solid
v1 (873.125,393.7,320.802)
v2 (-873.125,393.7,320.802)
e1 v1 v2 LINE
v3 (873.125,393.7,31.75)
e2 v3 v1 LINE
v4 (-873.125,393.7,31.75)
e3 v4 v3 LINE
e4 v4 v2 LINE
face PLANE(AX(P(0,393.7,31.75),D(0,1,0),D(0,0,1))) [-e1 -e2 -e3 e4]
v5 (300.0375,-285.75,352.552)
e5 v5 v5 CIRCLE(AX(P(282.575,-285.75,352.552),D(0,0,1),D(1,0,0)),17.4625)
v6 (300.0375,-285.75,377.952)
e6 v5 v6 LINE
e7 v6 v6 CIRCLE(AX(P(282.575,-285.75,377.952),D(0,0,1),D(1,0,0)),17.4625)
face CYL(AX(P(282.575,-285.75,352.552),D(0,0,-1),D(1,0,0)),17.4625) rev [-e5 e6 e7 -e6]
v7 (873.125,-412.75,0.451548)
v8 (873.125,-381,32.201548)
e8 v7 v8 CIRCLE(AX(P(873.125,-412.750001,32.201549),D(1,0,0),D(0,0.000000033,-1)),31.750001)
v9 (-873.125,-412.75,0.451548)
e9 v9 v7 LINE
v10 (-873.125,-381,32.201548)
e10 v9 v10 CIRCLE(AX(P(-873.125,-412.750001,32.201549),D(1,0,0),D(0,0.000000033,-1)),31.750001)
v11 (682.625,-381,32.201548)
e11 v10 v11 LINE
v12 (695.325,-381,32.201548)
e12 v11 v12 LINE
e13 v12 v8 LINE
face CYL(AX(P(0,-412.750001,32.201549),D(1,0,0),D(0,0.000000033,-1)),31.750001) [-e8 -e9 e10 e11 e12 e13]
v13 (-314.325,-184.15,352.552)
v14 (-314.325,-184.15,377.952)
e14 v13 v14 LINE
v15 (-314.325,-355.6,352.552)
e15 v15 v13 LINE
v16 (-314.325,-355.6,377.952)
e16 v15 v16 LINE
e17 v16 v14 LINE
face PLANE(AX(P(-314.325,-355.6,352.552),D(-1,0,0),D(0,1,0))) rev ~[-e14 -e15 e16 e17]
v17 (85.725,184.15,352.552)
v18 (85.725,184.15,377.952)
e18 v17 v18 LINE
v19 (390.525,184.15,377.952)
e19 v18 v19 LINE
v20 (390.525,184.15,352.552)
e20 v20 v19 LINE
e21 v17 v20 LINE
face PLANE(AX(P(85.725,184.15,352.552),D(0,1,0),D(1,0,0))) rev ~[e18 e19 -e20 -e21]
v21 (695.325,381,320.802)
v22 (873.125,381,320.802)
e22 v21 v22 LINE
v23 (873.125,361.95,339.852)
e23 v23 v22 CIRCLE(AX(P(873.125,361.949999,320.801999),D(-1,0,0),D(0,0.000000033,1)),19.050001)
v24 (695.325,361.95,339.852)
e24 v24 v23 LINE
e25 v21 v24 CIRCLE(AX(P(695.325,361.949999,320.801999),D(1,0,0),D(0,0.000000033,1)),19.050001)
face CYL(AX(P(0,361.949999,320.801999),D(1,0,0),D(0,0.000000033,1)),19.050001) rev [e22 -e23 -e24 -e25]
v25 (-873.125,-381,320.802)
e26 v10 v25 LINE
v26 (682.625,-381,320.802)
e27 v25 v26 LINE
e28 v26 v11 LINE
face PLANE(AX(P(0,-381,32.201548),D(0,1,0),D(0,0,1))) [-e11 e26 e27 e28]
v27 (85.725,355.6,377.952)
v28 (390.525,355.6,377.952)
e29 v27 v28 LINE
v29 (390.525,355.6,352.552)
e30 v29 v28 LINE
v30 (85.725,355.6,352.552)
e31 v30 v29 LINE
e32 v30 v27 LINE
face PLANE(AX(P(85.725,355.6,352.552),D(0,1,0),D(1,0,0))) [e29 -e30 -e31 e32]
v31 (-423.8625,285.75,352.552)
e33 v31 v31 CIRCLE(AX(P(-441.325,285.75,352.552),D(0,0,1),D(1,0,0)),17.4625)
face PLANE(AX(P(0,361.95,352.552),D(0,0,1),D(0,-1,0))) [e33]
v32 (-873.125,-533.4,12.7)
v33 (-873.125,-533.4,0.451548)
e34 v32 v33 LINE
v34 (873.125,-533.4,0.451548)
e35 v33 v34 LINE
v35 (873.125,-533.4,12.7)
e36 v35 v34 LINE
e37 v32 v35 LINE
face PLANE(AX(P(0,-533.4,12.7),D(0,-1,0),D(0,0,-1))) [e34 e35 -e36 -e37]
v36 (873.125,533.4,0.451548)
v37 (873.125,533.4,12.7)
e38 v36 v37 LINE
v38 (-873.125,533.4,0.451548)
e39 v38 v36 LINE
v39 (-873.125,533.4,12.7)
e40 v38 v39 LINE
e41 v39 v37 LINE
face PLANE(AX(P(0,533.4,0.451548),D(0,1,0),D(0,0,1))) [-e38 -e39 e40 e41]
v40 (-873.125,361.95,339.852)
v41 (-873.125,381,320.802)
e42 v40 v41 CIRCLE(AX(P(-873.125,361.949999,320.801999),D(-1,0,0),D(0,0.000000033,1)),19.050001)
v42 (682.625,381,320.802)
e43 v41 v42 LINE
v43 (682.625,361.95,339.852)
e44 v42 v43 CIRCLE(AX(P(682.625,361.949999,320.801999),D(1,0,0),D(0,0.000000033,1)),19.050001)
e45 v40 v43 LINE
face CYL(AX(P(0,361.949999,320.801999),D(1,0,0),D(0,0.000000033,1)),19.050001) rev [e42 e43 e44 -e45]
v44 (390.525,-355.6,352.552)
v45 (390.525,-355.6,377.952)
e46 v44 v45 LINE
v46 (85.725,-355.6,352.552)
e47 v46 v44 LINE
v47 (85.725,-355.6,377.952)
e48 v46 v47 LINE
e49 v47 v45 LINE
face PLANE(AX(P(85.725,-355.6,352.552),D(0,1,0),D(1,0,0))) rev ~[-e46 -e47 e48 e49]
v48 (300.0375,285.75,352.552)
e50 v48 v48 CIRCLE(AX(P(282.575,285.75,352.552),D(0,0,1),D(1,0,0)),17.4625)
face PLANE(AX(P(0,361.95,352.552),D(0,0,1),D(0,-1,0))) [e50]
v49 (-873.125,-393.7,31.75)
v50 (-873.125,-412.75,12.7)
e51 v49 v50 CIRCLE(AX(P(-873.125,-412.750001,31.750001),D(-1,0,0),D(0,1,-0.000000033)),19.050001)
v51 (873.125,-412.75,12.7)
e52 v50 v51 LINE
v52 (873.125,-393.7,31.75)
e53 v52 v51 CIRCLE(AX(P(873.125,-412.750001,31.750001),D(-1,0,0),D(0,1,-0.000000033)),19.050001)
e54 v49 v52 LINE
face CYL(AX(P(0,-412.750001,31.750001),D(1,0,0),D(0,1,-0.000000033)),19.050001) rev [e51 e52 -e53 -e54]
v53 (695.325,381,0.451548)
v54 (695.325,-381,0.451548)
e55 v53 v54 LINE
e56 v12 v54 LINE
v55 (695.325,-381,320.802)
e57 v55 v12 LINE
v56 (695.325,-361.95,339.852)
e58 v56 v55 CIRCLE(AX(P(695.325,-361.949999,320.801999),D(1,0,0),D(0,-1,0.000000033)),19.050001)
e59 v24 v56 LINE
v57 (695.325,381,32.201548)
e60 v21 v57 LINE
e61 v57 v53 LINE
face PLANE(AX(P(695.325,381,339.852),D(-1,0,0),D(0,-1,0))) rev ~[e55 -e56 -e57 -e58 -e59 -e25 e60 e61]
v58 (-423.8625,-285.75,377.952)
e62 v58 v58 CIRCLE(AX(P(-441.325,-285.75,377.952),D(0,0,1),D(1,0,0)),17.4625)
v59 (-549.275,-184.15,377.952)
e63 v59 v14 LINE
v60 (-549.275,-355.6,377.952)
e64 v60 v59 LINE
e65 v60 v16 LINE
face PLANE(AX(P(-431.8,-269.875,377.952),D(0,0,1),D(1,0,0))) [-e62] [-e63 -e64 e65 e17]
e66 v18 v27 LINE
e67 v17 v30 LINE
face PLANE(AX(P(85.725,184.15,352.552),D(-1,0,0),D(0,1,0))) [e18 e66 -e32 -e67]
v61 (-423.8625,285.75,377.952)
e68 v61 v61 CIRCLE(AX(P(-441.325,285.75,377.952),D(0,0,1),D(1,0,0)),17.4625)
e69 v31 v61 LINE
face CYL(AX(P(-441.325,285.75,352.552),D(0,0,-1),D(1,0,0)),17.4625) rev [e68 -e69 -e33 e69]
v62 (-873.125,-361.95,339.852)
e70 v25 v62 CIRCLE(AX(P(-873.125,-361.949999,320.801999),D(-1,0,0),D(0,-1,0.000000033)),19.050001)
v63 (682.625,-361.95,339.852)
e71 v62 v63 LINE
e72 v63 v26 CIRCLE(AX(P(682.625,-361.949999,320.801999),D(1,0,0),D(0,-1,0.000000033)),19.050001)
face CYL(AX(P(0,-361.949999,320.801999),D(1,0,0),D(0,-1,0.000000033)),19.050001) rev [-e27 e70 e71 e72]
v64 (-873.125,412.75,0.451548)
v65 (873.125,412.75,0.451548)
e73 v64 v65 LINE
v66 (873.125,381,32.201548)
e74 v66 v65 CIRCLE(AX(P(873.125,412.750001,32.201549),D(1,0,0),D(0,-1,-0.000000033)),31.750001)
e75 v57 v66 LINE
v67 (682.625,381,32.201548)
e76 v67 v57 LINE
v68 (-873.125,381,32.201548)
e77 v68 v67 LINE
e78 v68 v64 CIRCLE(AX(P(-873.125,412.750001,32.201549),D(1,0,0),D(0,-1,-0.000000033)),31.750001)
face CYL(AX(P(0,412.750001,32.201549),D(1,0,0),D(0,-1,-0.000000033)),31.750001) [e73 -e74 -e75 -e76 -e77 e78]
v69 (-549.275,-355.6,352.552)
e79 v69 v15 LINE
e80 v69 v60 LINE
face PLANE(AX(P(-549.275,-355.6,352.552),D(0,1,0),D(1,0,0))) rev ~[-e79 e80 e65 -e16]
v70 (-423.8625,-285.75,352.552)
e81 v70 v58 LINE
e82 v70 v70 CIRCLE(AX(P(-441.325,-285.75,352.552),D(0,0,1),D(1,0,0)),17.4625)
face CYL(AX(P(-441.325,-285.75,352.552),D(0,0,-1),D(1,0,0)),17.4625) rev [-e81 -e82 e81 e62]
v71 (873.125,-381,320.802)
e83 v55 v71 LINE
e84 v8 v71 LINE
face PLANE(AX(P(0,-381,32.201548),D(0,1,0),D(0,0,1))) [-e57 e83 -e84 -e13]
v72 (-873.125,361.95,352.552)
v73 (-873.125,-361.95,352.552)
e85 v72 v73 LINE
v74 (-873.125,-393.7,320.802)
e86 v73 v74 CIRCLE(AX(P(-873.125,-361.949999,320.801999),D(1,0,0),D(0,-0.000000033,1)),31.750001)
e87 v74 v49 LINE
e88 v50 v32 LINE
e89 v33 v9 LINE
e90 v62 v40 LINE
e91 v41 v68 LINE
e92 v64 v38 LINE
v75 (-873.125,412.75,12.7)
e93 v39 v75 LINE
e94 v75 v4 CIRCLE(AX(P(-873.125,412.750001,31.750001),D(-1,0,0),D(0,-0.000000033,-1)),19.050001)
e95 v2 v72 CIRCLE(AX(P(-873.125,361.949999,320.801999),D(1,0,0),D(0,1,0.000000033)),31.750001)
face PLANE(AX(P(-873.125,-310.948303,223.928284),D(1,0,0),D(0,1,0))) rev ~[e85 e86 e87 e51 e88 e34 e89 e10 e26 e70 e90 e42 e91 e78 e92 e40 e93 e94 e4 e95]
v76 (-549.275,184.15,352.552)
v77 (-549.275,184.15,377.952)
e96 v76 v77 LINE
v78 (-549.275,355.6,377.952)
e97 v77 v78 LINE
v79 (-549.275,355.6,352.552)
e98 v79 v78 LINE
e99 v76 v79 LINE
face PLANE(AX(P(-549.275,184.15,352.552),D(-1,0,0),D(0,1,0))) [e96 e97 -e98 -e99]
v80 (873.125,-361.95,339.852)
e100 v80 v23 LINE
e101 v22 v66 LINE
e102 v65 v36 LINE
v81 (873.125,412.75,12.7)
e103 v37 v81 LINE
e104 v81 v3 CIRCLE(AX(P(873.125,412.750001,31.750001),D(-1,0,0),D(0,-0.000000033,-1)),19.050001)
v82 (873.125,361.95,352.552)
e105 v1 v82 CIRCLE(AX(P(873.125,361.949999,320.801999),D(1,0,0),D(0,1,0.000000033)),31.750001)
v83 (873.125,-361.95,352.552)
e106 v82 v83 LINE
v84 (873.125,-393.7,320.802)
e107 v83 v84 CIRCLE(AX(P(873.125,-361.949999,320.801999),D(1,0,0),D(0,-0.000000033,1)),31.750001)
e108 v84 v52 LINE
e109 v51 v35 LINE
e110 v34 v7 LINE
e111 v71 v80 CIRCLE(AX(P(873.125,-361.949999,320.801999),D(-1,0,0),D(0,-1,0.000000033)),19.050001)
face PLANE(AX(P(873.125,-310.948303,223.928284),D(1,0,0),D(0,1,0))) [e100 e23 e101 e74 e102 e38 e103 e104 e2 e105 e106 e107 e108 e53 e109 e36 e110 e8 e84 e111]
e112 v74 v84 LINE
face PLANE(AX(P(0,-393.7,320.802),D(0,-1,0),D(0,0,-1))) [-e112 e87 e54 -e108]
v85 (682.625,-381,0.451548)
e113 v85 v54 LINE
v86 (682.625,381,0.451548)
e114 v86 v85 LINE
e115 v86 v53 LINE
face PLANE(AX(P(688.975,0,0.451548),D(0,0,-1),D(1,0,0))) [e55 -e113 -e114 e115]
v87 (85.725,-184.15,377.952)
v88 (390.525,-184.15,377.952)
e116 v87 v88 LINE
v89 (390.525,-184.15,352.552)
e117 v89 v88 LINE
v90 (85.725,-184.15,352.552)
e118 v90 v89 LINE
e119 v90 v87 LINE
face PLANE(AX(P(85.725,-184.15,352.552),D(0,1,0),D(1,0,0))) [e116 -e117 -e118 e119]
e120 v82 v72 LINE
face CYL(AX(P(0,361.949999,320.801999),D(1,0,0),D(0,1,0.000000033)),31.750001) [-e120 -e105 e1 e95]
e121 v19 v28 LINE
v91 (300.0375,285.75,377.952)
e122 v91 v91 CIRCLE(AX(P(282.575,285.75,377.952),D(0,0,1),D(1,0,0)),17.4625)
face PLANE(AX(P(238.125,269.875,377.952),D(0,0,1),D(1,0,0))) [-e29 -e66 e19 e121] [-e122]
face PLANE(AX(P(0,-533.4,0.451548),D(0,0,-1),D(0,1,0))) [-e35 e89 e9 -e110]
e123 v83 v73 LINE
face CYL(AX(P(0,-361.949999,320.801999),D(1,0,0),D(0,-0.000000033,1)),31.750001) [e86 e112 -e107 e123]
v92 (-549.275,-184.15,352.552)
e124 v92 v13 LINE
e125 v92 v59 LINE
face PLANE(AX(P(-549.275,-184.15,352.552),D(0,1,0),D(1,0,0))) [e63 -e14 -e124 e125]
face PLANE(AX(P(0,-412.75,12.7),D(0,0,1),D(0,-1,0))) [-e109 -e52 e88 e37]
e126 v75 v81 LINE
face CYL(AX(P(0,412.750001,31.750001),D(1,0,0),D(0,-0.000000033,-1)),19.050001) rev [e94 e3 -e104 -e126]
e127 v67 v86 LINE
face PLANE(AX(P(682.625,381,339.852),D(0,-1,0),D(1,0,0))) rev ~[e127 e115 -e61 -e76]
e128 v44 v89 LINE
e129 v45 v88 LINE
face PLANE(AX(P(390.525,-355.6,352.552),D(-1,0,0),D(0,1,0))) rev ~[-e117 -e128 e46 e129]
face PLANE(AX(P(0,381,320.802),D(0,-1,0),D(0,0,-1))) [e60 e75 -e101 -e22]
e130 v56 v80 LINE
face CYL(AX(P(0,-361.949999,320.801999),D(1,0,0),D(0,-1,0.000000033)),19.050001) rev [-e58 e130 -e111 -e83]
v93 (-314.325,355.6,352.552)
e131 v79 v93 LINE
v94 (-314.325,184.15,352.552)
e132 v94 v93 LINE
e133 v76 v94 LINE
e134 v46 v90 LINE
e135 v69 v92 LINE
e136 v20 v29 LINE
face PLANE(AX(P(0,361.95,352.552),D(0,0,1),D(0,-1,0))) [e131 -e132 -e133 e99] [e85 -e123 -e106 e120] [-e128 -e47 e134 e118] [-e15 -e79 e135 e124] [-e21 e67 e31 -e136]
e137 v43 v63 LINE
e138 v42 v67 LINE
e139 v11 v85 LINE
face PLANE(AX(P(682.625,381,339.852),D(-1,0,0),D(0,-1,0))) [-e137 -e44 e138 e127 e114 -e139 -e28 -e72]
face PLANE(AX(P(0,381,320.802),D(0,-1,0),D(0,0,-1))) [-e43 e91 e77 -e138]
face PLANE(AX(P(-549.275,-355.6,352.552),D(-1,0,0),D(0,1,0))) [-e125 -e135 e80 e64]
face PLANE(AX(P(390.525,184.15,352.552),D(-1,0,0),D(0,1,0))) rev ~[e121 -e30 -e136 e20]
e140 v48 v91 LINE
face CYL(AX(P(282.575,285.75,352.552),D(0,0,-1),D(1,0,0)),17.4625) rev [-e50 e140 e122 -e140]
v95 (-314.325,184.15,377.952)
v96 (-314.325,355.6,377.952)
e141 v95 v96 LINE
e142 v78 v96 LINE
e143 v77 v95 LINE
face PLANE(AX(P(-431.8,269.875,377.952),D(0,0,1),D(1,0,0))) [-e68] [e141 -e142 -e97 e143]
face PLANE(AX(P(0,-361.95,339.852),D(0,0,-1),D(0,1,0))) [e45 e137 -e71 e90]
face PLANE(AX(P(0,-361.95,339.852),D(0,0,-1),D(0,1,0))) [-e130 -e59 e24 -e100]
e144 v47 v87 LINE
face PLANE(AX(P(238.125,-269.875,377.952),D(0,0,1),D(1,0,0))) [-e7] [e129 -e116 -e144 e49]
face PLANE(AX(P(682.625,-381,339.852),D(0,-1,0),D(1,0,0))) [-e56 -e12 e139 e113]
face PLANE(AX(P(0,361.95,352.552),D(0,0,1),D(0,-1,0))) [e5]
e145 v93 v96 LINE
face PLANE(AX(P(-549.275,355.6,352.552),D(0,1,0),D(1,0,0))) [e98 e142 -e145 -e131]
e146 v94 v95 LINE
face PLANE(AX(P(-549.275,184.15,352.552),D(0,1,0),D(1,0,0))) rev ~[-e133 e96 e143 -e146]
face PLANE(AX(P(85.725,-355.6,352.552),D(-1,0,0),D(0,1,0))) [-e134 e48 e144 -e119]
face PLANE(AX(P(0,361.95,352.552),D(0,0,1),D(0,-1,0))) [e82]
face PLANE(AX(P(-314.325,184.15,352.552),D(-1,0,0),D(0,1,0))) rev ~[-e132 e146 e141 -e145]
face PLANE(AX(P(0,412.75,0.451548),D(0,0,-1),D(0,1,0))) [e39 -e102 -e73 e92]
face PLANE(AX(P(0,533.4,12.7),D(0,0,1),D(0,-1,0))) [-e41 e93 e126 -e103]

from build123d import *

# Parameters (mm, degrees)
F1_DEPTH = 873.125
F2_W     = 12.7
F2_H     = 762
F3_DEPTH = 339.400452
F4_W     = 234.95
F4_H     = 171.45
F4_R     = 17.4625
F4_W_2   = 304.8
F5_DEPTH = 25.4


with BuildPart() as f1:
    # F0 (on Right) → F1 (new body, symmetric)
    with BuildSketch(Plane.YZ):
        with BuildLine():
            Line((0, 339.852), (0, 352.552))
            Line((0, 352.552), (-361.95, 352.552))
            ThreePointArc((-361.95, 352.552), (-384.40064, 343.25264), (-393.7, 320.802))
            Line((-393.7, 320.802), (-393.7, 31.75))
            ThreePointArc((-393.7, 31.75), (-399.279616, 18.279616), (-412.75, 12.7))
            Line((-412.75, 12.7), (-516.630888, 12.7))
            Line((-516.630888, 12.7), (-520.7, 12.7))
            Line((-520.7, 12.7), (-533.4, 12.7))
            Line((-533.4, 12.7), (-533.4, 0.451548))
            Line((-533.4, 0.451548), (-412.75, 0.451548))
            ThreePointArc((-412.75, 0.451548), (-390.29936, 9.750908), (-381, 32.201548))
            Line((-381, 32.201548), (-381, 320.802))
            ThreePointArc((-381, 320.802), (-375.420384, 334.272384), (-361.95, 339.852))
            Line((-361.95, 339.852), (0, 339.852))
        make_face()
        with BuildLine():
            Line((361.95, 352.552), (0, 352.552))
            Line((0, 352.552), (0, 339.852))
            Line((0, 339.852), (361.95, 339.852))
            ThreePointArc((361.95, 339.852), (375.420384, 334.272384), (381, 320.802))
            Line((381, 320.802), (381, 32.201548))
            ThreePointArc((381, 32.201548), (390.29936, 9.750908), (412.75, 0.451548))
            Line((412.75, 0.451548), (533.4, 0.451548))
            Line((533.4, 0.451548), (533.4, 12.7))
            Line((533.4, 12.7), (520.7, 12.7))
            Line((520.7, 12.7), (516.630888, 12.7))
            Line((516.630888, 12.7), (412.75, 12.7))
            ThreePointArc((412.75, 12.7), (399.279616, 18.279616), (393.7, 31.75))
            Line((393.7, 31.75), (393.7, 320.802))
            ThreePointArc((393.7, 320.802), (384.40064, 343.25264), (361.95, 352.552))
        make_face()
    extrude(amount=F1_DEPTH, both=True)

    # F2 (on face) → F3 (join, through all)
    with BuildSketch(Plane(origin=(0, 0, 339.852), x_dir=(1, 0, 0), z_dir=(0, 0, -1))):
        with Locations((688.975, 0)):
            Rectangle(F2_W, F2_H)
    extrude(amount=F3_DEPTH)

    # F4 (on face) → F5 (join)
    with BuildSketch(Plane.XY.offset(352.552)):
        with Locations((-431.8, 269.875)):
            Rectangle(F4_W, F4_H)
        with Locations((-441.325, 285.75)):
            Circle(F4_R, mode=Mode.SUBTRACT)
        with Locations((238.125, 269.875)):
            Rectangle(F4_W_2, F4_H)
        with Locations((282.575, 285.75)):
            Circle(F4_R, mode=Mode.SUBTRACT)
        with Locations((238.125, -269.875)):
            Rectangle(F4_W_2, F4_H)
        with Locations((282.575, -285.75)):
            Circle(F4_R, mode=Mode.SUBTRACT)
        with Locations((-431.8, -269.875)):
            Rectangle(F4_W, F4_H)
        with Locations((-441.325, -285.75)):
            Circle(F4_R, mode=Mode.SUBTRACT)
    extrude(amount=F5_DEPTH)


solid = f1.part
